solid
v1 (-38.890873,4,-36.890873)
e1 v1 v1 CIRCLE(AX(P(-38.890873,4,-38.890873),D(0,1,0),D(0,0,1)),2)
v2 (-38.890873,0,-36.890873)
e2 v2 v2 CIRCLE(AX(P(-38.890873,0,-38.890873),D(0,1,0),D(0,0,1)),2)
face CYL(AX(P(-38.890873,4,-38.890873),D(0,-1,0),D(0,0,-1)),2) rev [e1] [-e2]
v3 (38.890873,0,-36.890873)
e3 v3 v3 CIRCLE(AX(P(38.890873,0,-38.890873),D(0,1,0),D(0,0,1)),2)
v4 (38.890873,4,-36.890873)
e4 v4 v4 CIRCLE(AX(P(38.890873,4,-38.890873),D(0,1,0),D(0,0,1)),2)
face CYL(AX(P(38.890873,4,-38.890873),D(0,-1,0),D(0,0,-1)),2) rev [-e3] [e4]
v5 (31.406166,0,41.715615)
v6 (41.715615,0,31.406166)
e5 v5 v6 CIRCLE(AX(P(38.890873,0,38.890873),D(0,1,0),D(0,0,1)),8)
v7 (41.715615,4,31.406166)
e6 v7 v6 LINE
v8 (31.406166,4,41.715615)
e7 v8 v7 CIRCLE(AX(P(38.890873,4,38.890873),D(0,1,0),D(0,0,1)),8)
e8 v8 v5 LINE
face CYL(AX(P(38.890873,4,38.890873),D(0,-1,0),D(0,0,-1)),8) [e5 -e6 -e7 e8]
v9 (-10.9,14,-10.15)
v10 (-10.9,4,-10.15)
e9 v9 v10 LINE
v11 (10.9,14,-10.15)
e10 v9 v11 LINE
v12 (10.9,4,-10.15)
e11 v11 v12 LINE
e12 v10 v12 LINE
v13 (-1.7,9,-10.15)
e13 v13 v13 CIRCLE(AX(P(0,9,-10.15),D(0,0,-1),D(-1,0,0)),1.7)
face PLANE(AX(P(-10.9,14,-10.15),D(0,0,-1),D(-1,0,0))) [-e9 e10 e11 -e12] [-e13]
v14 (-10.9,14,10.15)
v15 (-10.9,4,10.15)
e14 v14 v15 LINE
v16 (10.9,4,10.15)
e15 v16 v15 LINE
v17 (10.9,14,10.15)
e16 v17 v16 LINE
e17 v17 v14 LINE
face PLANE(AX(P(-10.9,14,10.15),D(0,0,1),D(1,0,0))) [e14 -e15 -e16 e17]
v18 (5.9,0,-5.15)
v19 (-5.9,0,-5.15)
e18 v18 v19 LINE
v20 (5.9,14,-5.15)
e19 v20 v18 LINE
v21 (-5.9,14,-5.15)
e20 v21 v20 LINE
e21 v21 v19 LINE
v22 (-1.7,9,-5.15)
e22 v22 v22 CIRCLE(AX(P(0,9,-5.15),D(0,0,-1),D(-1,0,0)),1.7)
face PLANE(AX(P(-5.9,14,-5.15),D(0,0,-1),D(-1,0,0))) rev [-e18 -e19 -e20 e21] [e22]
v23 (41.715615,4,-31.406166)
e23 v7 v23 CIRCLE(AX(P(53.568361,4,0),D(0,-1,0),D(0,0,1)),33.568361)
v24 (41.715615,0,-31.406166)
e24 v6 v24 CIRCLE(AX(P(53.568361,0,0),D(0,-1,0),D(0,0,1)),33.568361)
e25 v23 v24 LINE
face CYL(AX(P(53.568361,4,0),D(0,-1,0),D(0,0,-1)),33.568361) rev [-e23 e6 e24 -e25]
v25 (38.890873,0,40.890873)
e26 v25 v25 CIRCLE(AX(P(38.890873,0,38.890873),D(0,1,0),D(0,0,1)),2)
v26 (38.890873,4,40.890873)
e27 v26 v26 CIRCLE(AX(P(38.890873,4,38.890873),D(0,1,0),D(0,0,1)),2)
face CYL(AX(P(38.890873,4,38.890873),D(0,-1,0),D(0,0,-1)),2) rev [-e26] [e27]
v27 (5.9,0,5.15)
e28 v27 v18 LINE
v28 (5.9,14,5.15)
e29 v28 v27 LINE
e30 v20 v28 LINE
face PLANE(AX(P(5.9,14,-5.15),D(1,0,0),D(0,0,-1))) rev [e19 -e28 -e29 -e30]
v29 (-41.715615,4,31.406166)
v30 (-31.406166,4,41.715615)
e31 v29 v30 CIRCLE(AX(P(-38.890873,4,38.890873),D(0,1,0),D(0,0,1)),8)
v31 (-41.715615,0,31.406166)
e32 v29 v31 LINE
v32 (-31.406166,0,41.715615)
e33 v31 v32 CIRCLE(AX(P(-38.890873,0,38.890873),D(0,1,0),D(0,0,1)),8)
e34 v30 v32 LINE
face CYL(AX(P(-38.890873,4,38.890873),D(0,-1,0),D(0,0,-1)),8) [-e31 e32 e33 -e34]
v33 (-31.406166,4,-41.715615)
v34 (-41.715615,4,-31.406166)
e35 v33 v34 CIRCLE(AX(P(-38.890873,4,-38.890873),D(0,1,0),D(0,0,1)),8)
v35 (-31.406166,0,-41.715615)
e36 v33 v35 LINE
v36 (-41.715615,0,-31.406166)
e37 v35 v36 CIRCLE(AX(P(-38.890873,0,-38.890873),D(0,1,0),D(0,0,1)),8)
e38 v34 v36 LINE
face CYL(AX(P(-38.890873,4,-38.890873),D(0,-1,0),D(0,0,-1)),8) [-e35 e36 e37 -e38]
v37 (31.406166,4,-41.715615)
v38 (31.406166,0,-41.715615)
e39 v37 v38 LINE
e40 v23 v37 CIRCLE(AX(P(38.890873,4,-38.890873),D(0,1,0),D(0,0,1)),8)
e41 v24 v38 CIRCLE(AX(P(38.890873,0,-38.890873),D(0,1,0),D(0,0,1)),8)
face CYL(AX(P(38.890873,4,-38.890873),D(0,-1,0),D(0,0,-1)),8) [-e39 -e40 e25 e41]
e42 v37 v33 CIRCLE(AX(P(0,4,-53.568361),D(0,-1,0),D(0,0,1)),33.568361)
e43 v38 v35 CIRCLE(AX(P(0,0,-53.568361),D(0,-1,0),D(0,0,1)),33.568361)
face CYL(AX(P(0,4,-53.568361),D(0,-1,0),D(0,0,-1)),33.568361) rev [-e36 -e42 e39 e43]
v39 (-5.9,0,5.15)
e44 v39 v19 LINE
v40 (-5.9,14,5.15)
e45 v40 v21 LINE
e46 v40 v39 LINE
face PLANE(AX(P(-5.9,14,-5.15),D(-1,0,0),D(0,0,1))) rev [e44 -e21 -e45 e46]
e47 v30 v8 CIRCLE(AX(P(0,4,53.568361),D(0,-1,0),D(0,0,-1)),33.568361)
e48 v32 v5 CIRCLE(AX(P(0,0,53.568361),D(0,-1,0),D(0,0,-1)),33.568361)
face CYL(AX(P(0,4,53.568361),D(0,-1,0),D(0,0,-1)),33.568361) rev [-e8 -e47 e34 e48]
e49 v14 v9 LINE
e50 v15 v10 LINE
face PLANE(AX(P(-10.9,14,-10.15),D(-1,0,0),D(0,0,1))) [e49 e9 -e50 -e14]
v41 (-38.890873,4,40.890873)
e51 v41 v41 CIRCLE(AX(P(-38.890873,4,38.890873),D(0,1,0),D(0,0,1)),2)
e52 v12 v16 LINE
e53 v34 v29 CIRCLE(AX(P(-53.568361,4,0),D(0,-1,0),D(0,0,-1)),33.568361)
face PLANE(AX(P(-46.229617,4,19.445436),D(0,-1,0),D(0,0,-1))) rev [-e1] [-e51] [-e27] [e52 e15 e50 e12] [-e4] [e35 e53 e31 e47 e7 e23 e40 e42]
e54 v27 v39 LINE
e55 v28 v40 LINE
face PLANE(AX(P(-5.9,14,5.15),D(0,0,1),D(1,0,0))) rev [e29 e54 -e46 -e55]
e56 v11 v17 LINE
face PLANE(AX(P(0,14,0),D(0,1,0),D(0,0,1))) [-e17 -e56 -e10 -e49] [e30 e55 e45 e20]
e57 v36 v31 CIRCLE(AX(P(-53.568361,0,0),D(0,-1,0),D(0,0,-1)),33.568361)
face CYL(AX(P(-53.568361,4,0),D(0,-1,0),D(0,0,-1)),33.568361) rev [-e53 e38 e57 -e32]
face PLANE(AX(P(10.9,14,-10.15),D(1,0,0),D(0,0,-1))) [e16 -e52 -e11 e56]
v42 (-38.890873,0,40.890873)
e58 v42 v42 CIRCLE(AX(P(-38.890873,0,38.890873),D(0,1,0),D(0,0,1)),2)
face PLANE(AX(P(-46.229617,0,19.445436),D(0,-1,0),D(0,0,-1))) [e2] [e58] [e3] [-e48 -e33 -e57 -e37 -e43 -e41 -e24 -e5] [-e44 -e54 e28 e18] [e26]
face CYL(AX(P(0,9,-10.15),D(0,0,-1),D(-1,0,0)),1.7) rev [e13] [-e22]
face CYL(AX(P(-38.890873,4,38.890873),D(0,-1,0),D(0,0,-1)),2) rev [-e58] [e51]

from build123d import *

# Parameters (mm, degrees)
SKETCH1_R                = 2
BOSS_EXTRUDE1_DEPTH      = 4
SKETCH7_W                = 21.8
SKETCH7_H                = 20.3
SKETCH7_W_2              = 11.8
SKETCH7_H_2              = 10.3
BOSS_EXTRUDE2_DEPTH      = 10
M3_CLEARANCE_HOLE1_D     = 3.4
M3_CLEARANCE_HOLE1_DEPTH = 5
SKETCH7_2_W              = 11.8
SKETCH7_2_H              = 10.3
CUT_EXTRUDE1_DEPTH       = 10


with BuildPart() as part:
    # Sketch1 → Boss-Extrude1 (new body)
    with BuildSketch(Plane(origin=(0, 0, 0), x_dir=(1, 0, 0), z_dir=(0, 1, 0))):
        with BuildLine():
            ThreePointArc((-31.406166481, 41.715615227), (-44.547727215, 44.547727215), (-41.715615227, 31.406166481))
            ThreePointArc((-41.715615227, 31.406166481), (-20, 0), (-41.715615227, -31.406166481))
            ThreePointArc((-41.715615227, -31.406166481), (-44.547727215, -44.547727215), (-31.406166481, -41.715615227))
            ThreePointArc((-31.406166481, -41.715615227), (0, -20), (31.406166481, -41.715615227))
            ThreePointArc((31.406166481, -41.715615227), (44.547727215, -44.547727215), (41.715615227, -31.406166481))
            ThreePointArc((41.715615227, -31.406166481), (20, 0), (41.715615227, 31.406166481))
            ThreePointArc((41.715615227, 31.406166481), (44.547727215, 44.547727215), (31.406166481, 41.715615227))
            ThreePointArc((31.406166481, 41.715615227), (0, 20), (-31.406166481, 41.715615227))
        make_face()
        with Locations(Location((-38.890872965, 38.890872965, 0), (0, 0, 270))):
            Circle(SKETCH1_R, mode=Mode.SUBTRACT)
        with Locations(Location((38.890872965, 38.890872965, 0), (0, 0, 270))):
            Circle(SKETCH1_R, mode=Mode.SUBTRACT)
        with Locations(Location((38.890872965, -38.890872965, 0), (0, 0, 270))):
            Circle(SKETCH1_R, mode=Mode.SUBTRACT)
        with Locations(Location((-38.890872965, -38.890872965, 0), (0, 0, 270))):
            Circle(SKETCH1_R, mode=Mode.SUBTRACT)
    extrude(amount=BOSS_EXTRUDE1_DEPTH)

    # Sketch7 → Boss-Extrude2 (add)
    with BuildSketch(Plane.XZ.offset(-4)):
        Rectangle(SKETCH7_W, SKETCH7_H)
        Rectangle(SKETCH7_W_2, SKETCH7_H_2, mode=Mode.SUBTRACT)
    extrude(amount=-BOSS_EXTRUDE2_DEPTH)

    # M3 Clearance Hole1
    with Locations(Plane(origin=(0, 9, -10.15), x_dir=(-1, 0, 0), z_dir=(0, 0, -1))):
        with Locations((0, 0)):
            Hole(M3_CLEARANCE_HOLE1_D / 2, depth=M3_CLEARANCE_HOLE1_DEPTH)

    # Sketch7<2> → Cut-Extrude1 (cut)
    with BuildSketch(Plane.XZ.offset(-4)):
        Rectangle(SKETCH7_2_W, SKETCH7_2_H)
    extrude(amount=CUT_EXTRUDE1_DEPTH, mode=Mode.SUBTRACT)


solid = part.part
